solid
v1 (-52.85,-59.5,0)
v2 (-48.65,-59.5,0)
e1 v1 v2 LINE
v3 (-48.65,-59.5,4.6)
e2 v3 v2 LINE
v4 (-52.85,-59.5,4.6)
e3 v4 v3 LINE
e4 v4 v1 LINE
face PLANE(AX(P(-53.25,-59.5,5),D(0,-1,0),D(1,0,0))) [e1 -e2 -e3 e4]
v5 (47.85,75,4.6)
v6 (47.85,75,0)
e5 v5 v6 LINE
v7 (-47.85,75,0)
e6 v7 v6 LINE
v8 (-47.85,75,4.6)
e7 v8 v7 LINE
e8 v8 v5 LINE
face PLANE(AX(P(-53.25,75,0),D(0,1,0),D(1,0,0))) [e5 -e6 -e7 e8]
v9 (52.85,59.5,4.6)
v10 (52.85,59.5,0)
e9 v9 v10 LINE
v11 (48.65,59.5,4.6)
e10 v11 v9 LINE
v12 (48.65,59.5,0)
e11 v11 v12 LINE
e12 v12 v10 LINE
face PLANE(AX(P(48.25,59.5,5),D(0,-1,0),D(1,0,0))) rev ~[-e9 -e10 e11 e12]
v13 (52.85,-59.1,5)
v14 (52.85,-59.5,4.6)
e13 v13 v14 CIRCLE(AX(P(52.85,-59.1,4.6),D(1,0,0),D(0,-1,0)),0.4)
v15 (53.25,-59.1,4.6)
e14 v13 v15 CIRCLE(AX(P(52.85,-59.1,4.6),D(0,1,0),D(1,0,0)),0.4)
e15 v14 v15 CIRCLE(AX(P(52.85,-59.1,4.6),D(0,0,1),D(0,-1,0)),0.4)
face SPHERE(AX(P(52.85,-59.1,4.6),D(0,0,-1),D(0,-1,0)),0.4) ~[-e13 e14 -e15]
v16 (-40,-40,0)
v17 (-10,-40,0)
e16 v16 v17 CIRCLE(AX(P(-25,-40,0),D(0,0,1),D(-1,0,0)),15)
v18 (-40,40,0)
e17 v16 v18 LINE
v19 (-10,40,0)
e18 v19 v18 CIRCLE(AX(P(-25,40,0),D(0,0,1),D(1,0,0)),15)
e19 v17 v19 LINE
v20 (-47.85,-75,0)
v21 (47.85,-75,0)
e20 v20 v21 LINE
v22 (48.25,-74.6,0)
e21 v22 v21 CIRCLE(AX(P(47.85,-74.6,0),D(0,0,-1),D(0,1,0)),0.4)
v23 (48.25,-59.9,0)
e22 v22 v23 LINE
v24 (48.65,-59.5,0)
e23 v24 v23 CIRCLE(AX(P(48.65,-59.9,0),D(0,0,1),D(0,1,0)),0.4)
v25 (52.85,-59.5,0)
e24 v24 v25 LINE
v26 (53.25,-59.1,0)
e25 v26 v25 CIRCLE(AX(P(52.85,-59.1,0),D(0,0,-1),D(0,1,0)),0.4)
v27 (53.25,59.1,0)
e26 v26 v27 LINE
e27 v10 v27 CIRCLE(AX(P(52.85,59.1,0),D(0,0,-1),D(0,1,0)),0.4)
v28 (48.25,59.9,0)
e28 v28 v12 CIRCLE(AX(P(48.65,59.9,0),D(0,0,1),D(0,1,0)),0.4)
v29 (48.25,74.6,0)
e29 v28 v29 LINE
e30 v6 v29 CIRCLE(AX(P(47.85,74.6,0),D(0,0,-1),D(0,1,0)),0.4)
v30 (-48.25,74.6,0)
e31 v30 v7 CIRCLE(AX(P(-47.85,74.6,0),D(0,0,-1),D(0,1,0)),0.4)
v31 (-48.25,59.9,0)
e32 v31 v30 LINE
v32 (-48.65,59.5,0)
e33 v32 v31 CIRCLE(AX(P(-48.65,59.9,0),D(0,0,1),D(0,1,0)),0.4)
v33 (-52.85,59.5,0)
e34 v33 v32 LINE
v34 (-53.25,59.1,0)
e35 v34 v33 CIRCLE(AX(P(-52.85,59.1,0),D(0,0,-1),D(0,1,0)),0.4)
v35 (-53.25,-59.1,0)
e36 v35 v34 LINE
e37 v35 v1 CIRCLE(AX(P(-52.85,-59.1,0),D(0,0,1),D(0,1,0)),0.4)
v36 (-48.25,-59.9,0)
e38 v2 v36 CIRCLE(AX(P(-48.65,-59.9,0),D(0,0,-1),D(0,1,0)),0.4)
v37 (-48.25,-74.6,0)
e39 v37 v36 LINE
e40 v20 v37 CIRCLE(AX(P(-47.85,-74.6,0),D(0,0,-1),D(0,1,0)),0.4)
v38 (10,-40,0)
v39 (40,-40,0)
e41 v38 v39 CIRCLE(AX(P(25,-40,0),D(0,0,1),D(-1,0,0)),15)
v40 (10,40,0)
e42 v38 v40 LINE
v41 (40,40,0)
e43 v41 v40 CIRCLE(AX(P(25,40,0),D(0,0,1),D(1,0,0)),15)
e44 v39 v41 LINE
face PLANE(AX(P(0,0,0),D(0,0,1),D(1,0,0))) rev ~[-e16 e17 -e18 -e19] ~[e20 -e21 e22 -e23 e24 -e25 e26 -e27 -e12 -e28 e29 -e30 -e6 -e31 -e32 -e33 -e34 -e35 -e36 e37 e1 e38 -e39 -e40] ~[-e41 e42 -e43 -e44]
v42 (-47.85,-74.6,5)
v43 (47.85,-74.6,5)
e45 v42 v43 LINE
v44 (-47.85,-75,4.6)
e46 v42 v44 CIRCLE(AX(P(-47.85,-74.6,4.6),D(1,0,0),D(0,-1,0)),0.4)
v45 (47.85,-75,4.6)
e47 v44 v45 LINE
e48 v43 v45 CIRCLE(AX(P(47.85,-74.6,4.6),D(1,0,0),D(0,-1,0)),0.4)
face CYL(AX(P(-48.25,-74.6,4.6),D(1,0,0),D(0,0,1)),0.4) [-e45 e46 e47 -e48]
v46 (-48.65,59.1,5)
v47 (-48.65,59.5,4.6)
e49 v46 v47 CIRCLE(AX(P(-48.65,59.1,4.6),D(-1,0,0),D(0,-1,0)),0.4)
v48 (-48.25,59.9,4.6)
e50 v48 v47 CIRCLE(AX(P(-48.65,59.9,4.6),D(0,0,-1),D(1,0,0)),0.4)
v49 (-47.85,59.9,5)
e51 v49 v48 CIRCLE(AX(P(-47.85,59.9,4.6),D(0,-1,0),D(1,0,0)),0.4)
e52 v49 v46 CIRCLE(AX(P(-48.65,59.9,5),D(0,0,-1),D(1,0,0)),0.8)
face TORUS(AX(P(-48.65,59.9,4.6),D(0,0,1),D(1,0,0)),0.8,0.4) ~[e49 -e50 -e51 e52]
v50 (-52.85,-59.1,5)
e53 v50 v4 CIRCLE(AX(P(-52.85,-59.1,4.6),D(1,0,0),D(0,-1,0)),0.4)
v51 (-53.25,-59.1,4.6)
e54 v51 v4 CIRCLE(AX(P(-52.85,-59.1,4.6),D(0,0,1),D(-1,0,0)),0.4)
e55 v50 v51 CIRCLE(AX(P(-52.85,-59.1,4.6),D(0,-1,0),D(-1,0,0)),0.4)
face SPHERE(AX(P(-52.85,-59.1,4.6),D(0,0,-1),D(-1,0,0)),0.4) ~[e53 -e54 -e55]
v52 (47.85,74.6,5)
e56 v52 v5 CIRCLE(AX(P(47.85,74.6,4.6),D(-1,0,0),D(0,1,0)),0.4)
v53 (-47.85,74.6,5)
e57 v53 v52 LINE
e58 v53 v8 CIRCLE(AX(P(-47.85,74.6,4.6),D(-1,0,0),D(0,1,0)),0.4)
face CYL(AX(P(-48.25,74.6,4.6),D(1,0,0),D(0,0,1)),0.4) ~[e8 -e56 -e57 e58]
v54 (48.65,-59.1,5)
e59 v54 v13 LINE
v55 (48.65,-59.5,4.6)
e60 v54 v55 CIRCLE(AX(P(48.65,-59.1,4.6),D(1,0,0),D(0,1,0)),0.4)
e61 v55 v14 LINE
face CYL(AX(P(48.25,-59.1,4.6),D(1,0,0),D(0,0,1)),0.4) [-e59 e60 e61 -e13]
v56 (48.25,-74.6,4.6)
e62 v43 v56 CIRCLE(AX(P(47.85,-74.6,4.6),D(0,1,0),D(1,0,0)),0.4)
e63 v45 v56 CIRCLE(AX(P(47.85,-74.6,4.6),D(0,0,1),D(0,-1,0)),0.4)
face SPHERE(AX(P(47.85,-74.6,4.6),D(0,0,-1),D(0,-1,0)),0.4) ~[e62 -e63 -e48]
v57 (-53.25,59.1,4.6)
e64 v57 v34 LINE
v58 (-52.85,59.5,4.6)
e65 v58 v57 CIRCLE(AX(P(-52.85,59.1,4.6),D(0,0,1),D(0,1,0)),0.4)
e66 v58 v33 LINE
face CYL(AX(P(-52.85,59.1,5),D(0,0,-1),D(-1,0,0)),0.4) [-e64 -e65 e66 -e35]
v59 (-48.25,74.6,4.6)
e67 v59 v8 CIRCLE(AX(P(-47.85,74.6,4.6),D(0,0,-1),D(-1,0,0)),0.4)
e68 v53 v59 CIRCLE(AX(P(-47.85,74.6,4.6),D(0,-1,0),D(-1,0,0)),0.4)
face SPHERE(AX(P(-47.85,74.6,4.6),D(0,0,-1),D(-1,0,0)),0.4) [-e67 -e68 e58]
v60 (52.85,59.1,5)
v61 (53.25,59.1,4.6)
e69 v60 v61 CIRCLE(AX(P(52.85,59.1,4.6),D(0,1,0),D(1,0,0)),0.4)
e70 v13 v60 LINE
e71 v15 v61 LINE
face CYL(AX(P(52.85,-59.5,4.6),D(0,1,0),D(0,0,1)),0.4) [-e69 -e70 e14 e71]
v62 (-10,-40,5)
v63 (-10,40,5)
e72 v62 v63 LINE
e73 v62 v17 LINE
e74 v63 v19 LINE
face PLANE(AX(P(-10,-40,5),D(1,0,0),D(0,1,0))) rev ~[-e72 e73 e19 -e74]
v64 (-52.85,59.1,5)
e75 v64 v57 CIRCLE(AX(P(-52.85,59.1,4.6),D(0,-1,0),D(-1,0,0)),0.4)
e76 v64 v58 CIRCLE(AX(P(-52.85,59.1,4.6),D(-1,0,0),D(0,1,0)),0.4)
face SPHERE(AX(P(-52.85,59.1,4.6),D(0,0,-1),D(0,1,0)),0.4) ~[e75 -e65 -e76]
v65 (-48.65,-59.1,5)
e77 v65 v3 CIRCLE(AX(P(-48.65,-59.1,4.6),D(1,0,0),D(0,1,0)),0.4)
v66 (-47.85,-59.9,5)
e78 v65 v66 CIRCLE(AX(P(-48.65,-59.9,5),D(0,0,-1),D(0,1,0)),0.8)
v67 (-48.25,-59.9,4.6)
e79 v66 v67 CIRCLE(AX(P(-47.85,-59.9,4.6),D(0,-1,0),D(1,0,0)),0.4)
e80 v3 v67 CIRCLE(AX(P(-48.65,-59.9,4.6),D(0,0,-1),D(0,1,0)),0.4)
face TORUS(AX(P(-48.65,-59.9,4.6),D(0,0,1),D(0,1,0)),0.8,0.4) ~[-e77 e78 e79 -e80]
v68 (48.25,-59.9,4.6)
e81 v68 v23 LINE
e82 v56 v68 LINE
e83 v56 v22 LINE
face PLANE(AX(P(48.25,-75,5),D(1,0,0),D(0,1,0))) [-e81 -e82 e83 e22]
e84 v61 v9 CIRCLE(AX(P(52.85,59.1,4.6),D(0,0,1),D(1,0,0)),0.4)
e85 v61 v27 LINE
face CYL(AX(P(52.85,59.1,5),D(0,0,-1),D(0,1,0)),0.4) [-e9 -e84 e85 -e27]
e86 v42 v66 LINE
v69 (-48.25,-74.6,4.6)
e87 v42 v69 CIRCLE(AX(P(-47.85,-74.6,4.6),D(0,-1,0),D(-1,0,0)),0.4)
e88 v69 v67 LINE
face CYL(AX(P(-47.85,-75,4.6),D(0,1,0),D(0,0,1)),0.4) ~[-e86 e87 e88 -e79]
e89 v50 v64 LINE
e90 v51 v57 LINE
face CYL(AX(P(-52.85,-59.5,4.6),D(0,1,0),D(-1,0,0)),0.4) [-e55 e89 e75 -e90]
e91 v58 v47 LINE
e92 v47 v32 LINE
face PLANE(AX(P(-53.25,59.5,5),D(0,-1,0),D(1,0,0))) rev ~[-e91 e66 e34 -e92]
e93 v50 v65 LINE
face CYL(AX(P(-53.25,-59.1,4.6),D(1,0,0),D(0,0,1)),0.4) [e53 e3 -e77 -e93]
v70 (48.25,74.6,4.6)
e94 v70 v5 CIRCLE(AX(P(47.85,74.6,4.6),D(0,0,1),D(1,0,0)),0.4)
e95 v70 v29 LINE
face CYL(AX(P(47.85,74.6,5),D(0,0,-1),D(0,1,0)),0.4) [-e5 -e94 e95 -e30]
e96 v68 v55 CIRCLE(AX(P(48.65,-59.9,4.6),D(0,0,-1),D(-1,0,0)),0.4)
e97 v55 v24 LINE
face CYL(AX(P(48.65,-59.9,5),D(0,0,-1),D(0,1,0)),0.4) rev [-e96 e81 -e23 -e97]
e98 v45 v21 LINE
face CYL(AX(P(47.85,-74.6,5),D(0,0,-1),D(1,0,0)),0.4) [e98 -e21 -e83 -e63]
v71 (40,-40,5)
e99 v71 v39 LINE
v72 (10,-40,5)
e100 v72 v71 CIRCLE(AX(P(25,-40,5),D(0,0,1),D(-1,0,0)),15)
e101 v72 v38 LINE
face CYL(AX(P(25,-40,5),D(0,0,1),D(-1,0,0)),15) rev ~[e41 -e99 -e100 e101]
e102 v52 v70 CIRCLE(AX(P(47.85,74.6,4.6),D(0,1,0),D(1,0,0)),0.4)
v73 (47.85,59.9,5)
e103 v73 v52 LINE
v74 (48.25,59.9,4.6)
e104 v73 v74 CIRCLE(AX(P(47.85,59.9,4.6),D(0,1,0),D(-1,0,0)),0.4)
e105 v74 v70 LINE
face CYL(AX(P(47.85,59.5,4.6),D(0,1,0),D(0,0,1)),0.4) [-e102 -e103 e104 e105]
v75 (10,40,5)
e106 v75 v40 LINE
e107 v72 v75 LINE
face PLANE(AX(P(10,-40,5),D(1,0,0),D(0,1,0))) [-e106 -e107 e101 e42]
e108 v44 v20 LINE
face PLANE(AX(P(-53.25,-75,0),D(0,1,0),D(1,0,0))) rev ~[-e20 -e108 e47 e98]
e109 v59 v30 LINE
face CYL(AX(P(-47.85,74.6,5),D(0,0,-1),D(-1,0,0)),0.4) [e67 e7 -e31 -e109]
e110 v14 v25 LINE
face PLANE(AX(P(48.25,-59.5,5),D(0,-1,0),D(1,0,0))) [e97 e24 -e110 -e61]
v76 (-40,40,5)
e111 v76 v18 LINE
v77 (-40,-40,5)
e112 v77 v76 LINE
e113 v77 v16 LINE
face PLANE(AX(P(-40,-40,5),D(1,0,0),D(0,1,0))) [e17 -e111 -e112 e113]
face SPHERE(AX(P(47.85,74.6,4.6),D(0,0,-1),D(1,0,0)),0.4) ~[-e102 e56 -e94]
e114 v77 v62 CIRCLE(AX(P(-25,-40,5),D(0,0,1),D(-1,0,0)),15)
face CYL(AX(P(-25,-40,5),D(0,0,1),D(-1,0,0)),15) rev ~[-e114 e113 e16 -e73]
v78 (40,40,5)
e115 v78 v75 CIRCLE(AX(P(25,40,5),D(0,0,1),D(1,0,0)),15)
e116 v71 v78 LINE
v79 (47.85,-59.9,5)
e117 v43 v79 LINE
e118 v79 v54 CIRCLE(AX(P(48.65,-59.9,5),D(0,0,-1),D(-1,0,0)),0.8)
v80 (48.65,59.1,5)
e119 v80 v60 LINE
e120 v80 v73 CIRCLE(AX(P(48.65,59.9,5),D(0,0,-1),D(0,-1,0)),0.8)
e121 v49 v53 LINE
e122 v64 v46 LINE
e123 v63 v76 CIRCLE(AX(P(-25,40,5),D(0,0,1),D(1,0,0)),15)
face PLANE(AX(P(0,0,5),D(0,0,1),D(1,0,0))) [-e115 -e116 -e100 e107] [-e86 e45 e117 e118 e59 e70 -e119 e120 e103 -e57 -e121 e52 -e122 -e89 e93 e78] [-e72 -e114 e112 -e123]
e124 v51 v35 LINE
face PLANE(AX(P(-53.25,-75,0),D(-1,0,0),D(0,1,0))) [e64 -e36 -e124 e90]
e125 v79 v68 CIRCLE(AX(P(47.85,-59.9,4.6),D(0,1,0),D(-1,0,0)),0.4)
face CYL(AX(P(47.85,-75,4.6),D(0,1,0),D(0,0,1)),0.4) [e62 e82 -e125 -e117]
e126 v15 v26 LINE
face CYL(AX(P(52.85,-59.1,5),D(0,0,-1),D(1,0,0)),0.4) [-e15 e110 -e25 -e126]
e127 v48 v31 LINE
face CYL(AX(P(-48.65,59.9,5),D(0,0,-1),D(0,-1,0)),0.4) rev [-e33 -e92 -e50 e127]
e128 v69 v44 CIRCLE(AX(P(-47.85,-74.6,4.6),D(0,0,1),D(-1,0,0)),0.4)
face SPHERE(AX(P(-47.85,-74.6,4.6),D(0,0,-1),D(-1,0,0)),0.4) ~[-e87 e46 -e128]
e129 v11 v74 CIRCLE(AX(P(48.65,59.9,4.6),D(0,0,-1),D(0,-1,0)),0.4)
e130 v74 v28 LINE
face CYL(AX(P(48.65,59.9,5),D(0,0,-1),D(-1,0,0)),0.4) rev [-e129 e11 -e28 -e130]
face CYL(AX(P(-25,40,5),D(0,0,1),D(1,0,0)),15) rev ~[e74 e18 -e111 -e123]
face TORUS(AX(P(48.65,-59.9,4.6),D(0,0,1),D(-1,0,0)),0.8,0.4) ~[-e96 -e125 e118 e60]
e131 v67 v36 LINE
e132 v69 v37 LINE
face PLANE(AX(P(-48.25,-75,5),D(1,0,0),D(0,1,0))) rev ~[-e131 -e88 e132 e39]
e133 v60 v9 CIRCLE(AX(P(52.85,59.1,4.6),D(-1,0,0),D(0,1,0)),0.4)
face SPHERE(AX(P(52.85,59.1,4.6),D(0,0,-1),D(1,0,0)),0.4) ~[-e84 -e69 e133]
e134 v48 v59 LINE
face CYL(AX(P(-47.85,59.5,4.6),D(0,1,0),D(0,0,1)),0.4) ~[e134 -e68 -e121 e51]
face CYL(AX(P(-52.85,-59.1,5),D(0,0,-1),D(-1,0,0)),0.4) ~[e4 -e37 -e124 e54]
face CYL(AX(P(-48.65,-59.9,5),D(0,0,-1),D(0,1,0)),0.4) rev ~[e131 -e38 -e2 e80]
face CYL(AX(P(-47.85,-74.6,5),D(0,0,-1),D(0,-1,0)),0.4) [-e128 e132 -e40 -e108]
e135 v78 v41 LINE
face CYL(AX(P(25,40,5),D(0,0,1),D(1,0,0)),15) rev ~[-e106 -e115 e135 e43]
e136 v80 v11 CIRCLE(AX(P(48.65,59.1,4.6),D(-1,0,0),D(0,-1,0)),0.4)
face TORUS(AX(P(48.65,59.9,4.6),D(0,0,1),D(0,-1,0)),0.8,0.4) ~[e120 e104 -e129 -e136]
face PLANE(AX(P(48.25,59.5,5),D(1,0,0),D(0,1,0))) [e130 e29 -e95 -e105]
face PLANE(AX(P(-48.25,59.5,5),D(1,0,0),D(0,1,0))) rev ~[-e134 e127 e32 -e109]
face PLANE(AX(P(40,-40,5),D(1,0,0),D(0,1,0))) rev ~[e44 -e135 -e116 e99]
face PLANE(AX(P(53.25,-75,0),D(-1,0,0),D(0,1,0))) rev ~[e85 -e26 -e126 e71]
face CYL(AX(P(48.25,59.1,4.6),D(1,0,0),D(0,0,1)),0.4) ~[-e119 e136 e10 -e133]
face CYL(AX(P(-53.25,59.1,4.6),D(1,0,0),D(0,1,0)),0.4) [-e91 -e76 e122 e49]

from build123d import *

# Parameters (mm, degrees)
SKETCH_W        = 106.5
SKETCH_H        = 150
PAD_DEPTH       = 5
SKETCH001_W     = 5
SKETCH001_H     = 15.5
POCKET_DEPTH    = 5
FILLET_R        = 0.4
POCKET001_DEPTH = 5


with BuildPart() as part:
    # Sketch → Pad (new body)
    with BuildSketch(Plane.XY):
        Rectangle(SKETCH_W, SKETCH_H)
    extrude(amount=PAD_DEPTH)

    # Sketch001 (on Face6 of Pad) → Pocket (cut)
    with BuildSketch(Plane.XY.offset(5)):
        with Locations((-50.75, 67.25)):
            Rectangle(SKETCH001_W, SKETCH001_H)
        with Locations((50.75, 67.25)):
            Rectangle(SKETCH001_W, SKETCH001_H)
        with Locations((50.75, -67.25)):
            Rectangle(SKETCH001_W, SKETCH001_H)
        with Locations((-50.75, -67.25)):
            Rectangle(SKETCH001_W, SKETCH001_H)
    extrude(amount=-POCKET_DEPTH, mode=Mode.SUBTRACT)

    # Fillet
    fillet_edges = [part.edges().sort_by_distance(p)[0] for p in [
        (-48.25, 75, 2.5),
        (-48.25, 59.5, 2.5),
        (-53.25, 59.5, 2.5),
        (48.25, 75, 2.5),
        (48.25, 59.5, 2.5),
        (53.25, 59.5, 2.5),
        (53.25, -59.5, 2.5),
        (48.25, -59.5, 2.5),
        (48.25, -75, 2.5),
        (-48.25, -75, 2.5),
        (-48.25, -59.5, 2.5),
        (-53.25, -59.5, 2.5),
        (-48.25, 67.25, 5),
        (-50.75, 59.5, 5),
        (-53.25, 0, 5),
        (-50.75, -59.5, 5),
        (-48.25, -67.25, 5),
        (0, -75, 5),
        (48.25, -67.25, 5),
        (50.75, -59.5, 5),
        (53.25, 0, 5),
        (50.75, 59.5, 5),
        (48.25, 67.25, 5),
        (0, 75, 5),
    ]]
    fillet(fillet_edges, radius=FILLET_R)

    # Sketch002 (on Face29 of Fillet) → Pocket001 (cut)
    with BuildSketch(Plane.XY.offset(5)):
        with BuildLine():
            ThreePointArc((-40, -40), (-25, -55), (-10, -40))
            Line((-10, -40), (-10, 40))
            ThreePointArc((-10, 40), (-25, 55), (-40, 40))
            Line((-40, -40), (-40, 40))
        make_face()
        with BuildLine():
            ThreePointArc((10, -40), (25, -55), (40, -40))
            Line((40, -40), (40, 40))
            ThreePointArc((40, 40), (25, 55), (10, 40))
            Line((10, -40), (10, 40))
        make_face()
    extrude(amount=-POCKET001_DEPTH, mode=Mode.SUBTRACT)


solid = part.part
